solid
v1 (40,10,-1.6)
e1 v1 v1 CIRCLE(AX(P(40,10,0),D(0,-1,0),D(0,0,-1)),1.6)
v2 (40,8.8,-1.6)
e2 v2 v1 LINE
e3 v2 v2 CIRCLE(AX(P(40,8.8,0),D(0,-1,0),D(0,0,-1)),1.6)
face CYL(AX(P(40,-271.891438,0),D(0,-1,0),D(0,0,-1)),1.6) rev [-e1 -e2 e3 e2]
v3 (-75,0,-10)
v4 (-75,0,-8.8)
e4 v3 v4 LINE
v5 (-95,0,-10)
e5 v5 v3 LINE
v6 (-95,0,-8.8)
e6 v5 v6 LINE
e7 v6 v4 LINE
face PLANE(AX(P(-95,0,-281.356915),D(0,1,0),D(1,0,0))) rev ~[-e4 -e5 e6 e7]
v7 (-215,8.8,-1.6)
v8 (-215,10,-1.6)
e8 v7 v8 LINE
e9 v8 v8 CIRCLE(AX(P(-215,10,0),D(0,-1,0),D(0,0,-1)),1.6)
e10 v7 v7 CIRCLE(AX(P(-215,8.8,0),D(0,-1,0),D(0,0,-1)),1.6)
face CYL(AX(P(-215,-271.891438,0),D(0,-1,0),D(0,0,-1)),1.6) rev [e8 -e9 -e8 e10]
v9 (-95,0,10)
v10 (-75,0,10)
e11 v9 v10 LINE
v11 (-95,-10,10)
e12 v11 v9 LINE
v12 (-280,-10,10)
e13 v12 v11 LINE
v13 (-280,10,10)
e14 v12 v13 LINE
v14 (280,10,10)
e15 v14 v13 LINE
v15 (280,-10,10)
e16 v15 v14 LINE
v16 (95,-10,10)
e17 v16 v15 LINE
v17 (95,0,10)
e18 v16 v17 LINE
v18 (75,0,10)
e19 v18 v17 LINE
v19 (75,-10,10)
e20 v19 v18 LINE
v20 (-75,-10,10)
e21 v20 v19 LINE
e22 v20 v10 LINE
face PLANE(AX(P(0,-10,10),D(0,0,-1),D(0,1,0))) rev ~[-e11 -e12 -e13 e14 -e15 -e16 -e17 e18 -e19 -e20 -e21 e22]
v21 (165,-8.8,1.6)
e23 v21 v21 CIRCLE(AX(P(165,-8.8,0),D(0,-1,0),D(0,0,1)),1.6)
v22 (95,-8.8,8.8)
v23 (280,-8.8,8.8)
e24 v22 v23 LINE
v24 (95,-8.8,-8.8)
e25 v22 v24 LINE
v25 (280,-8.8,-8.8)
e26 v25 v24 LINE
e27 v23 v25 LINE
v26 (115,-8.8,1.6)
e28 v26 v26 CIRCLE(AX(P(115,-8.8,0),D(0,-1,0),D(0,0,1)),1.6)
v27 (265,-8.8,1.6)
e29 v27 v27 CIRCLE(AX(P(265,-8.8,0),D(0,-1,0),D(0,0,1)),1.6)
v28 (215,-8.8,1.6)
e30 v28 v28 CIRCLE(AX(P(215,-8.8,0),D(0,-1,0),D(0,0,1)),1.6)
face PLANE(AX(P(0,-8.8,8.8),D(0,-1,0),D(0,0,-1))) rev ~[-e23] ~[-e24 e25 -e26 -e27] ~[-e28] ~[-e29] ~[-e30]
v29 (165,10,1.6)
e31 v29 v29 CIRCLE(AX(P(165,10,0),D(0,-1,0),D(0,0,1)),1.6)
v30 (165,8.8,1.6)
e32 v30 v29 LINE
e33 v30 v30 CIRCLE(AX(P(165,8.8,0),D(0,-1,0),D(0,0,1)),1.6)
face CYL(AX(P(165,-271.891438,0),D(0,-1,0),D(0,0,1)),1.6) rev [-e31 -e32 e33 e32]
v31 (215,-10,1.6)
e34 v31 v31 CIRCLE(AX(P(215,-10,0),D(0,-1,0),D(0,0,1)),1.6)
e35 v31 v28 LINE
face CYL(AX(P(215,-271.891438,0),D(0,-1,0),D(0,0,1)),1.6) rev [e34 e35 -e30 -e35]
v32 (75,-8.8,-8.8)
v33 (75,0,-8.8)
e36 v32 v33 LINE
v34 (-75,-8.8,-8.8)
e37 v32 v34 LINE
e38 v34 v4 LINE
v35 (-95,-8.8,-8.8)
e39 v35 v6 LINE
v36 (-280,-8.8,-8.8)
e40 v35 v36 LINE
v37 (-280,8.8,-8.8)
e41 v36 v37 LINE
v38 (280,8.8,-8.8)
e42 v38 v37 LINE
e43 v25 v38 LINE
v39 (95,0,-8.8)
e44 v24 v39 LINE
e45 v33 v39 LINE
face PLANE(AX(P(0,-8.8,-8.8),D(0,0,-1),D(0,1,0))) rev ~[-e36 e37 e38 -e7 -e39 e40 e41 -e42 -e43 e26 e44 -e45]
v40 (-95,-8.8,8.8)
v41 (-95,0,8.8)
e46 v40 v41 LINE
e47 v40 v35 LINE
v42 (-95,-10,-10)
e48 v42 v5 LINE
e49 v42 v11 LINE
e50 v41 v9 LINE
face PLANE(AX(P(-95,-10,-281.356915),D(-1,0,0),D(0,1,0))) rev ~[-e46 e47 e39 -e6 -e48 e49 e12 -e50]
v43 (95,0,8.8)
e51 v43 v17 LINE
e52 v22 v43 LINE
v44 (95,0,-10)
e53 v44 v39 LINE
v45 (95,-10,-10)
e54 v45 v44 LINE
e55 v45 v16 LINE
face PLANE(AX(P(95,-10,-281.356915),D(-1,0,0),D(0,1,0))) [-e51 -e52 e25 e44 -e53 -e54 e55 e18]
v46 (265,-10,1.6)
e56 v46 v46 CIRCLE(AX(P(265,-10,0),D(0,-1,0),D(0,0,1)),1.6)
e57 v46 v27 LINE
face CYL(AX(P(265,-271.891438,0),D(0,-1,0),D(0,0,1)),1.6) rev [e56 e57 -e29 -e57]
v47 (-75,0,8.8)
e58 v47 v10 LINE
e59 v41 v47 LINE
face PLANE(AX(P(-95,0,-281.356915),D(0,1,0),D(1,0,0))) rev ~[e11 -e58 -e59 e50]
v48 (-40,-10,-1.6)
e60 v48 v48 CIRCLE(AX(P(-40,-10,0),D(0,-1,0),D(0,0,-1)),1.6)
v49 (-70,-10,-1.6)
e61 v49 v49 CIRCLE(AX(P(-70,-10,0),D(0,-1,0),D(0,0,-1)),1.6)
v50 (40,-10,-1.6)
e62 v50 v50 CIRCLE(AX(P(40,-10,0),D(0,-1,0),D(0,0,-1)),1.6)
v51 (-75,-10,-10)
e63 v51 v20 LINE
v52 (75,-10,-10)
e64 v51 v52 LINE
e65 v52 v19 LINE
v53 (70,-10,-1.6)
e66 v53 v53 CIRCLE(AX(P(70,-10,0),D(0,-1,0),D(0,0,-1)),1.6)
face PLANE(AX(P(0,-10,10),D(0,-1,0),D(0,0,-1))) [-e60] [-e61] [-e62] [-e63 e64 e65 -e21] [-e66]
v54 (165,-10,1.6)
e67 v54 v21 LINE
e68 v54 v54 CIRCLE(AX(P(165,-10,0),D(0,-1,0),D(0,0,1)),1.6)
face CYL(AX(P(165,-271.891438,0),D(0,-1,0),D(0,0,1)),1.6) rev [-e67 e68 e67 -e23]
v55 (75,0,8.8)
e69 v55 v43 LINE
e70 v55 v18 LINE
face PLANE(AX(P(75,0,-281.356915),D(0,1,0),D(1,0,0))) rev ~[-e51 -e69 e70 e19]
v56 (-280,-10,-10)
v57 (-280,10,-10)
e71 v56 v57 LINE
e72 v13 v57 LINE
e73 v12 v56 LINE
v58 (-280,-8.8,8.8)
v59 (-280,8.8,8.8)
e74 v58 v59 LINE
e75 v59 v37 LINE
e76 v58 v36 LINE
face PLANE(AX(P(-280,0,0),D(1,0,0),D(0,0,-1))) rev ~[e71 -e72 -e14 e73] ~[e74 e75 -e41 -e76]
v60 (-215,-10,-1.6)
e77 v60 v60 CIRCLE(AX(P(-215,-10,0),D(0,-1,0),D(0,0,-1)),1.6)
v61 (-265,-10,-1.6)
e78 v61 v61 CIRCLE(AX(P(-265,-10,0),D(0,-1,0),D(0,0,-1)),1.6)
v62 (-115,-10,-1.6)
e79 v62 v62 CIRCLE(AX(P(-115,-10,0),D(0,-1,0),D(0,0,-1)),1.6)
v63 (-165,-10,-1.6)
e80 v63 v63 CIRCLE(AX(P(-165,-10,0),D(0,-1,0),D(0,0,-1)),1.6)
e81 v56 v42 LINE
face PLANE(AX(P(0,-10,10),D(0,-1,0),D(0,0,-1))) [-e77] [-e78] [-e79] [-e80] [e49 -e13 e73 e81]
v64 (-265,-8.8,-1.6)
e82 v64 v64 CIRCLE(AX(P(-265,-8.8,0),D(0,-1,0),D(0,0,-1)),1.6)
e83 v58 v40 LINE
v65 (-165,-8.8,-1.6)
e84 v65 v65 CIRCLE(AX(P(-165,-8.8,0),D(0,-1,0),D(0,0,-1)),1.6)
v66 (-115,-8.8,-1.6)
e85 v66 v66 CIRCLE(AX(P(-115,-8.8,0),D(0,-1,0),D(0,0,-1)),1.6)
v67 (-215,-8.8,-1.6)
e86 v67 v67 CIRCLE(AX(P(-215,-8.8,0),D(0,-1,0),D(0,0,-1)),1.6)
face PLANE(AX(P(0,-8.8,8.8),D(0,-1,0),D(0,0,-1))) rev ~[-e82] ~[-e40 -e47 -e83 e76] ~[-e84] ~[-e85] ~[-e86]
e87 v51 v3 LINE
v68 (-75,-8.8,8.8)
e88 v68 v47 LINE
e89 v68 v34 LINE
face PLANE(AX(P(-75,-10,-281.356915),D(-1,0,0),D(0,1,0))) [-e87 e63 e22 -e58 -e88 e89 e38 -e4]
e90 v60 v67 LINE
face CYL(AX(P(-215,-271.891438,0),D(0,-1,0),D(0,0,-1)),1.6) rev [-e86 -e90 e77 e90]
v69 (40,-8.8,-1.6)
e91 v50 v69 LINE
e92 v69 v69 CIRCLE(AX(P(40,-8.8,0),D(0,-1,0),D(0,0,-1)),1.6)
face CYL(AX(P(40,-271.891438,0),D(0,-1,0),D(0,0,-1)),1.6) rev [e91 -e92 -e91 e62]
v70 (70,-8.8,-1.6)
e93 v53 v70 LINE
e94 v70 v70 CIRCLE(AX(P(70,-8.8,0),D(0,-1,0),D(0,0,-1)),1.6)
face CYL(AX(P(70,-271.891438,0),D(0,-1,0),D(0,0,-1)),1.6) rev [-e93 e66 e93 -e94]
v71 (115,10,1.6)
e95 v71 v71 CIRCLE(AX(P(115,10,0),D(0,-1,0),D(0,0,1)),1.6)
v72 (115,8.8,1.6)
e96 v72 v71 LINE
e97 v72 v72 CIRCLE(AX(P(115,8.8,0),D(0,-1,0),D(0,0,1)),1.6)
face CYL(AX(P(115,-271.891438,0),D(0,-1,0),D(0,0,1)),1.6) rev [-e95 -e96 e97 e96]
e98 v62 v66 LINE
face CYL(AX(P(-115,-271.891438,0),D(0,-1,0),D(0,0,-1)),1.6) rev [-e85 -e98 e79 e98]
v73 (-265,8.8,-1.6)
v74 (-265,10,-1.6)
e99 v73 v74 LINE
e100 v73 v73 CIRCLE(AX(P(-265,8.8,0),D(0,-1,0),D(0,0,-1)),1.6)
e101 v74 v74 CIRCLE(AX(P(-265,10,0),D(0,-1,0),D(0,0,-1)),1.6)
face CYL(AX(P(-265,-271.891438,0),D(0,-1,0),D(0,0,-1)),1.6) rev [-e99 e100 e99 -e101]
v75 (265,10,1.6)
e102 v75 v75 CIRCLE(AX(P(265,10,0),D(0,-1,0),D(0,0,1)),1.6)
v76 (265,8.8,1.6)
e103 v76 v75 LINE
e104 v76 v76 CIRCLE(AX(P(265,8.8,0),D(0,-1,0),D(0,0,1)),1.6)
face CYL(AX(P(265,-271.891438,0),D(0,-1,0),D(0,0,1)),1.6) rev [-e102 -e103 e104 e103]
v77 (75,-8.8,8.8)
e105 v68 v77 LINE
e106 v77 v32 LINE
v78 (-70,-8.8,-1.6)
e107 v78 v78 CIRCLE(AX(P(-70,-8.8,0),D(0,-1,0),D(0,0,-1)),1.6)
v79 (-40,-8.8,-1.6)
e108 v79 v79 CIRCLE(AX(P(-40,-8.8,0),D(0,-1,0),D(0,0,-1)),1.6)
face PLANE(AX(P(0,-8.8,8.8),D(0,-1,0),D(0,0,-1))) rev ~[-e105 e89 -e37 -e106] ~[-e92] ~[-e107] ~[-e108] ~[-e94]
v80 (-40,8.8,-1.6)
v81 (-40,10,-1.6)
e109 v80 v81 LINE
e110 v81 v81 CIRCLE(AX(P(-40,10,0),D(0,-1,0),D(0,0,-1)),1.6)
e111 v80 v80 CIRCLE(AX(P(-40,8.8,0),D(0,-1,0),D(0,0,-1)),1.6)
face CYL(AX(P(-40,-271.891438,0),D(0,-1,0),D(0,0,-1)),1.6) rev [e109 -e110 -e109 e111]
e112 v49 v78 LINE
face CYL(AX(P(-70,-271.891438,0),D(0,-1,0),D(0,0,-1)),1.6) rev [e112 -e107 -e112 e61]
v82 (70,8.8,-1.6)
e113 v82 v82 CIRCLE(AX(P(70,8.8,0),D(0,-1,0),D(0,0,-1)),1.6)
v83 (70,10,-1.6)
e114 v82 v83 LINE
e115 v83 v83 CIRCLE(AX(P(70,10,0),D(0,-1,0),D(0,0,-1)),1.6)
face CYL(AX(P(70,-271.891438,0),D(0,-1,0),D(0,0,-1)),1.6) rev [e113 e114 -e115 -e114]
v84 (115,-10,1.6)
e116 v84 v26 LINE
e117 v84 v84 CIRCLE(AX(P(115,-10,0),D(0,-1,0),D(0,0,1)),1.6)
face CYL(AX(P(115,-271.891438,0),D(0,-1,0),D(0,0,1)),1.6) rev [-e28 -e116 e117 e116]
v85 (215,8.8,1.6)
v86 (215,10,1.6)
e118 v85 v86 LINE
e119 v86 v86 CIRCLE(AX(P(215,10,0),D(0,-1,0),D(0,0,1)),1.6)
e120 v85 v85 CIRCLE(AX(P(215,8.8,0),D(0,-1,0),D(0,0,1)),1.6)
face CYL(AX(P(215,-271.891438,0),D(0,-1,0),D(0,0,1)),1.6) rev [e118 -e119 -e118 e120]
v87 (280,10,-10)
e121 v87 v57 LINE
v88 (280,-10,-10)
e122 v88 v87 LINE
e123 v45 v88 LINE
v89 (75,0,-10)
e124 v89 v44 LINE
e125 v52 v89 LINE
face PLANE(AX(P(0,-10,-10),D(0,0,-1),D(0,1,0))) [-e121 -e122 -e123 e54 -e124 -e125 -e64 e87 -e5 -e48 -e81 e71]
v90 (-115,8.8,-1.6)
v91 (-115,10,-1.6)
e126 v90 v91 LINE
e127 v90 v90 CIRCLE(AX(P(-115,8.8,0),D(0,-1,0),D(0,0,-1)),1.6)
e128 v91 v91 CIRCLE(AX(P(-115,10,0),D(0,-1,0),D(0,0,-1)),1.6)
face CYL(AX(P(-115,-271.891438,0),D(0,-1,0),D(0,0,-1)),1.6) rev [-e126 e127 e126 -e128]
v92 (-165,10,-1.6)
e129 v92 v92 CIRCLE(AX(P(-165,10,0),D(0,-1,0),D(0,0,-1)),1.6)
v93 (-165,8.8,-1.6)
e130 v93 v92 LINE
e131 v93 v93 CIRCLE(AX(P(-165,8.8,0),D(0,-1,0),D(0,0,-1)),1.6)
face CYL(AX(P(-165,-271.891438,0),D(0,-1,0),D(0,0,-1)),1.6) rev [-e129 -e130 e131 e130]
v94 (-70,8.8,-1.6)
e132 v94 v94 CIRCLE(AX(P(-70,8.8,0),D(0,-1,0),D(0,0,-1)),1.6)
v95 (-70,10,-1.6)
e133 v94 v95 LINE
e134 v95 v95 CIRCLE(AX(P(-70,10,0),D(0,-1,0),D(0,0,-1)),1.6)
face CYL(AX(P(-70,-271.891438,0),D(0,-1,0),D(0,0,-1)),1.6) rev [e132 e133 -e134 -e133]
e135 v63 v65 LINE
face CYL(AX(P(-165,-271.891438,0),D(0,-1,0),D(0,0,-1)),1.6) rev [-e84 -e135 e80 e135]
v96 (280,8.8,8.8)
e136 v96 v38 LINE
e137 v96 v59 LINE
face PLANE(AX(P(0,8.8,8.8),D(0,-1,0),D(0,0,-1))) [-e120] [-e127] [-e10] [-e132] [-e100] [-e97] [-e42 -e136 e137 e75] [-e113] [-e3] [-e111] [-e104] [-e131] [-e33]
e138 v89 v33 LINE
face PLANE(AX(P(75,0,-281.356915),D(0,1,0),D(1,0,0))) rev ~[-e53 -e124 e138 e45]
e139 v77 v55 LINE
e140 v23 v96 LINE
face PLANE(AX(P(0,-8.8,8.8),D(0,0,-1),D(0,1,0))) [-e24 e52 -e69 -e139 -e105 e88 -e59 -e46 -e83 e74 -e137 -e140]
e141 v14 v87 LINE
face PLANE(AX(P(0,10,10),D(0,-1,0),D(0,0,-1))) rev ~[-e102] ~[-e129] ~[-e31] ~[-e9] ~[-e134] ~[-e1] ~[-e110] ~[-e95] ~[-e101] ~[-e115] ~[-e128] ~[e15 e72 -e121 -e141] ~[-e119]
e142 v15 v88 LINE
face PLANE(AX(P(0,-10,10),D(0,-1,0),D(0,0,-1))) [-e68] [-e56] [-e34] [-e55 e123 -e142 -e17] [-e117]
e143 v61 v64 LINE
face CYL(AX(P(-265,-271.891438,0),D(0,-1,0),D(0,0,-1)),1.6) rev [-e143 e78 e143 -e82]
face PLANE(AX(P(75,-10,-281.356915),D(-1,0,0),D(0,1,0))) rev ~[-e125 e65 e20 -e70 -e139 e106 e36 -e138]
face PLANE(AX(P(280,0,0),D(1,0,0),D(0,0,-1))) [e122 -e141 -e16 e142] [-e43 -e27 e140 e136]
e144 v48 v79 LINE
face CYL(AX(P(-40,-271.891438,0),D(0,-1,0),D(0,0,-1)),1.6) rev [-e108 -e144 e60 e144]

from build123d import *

# Parameters (mm, degrees)
SKETCH_1_W               = 20
SKETCH_1_H               = 20
SKETCH_1_W_2             = 17.6
SKETCH_1_H_2             = 17.6
EXTRUDE_2_DEPTH          = 280
CUT_EXTRUDE_2_DEPTH      = 281.356915378
CUT_EXTRUDE_2_DEPTH_BACK = 281.356915378
SKETCH_4_W               = 20
SKETCH_4_H               = 10
CUT_EXTRUDE_3_DEPTH      = 281.891438104
CUT_EXTRUDE_3_DEPTH_BACK = 281.891438104
SKETCH_5_R               = 1.6


with BuildPart() as part:
    # 草图1 → 凸台-拉伸2 (new, symmetric)
    with BuildSketch(Plane(origin=(0, 0, 0), x_dir=(0, 0, -1), z_dir=(1, 0, 0))):
        Rectangle(SKETCH_1_W, SKETCH_1_H)
        Rectangle(SKETCH_1_W_2, SKETCH_1_H_2, mode=Mode.SUBTRACT)
    extrude(amount=EXTRUDE_2_DEPTH, both=True)

    # 草图4 → 切除-拉伸2 (cut, two sides: drawn at the far end of the back side and taken through both)
    with BuildSketch(Plane.XY.offset(-CUT_EXTRUDE_2_DEPTH_BACK)):
        with Locations((85, -5)):
            Rectangle(SKETCH_4_W, SKETCH_4_H)
        with Locations((-85, -5)):
            Rectangle(SKETCH_4_W, SKETCH_4_H)
    extrude(amount=CUT_EXTRUDE_2_DEPTH + CUT_EXTRUDE_2_DEPTH_BACK, mode=Mode.SUBTRACT)

    # 草图5 → 切除-拉伸3 (cut, two sides: drawn at the far end of the back side and taken through both)
    with BuildSketch(Plane(origin=(0, 10, 0), x_dir=(1, 0, 0), z_dir=(0, 1, 0)).offset(-CUT_EXTRUDE_3_DEPTH_BACK)):
        with Locations(Location((115, 0, 0), (0, 0, 270))):
            Circle(SKETCH_5_R)
        with Locations(Location((165, 0, 0), (0, 0, 270))):
            Circle(SKETCH_5_R)
        with Locations(Location((265, 0, 0), (0, 0, 270))):
            Circle(SKETCH_5_R)
        with Locations(Location((215, 0, 0), (0, 0, 270))):
            Circle(SKETCH_5_R)
        with Locations(Location((-215, 0, 0), (0, 0, 90))):
            Circle(SKETCH_5_R)
        with Locations(Location((-265, 0, 0), (0, 0, 90))):
            Circle(SKETCH_5_R)
        with Locations(Location((-165, 0, 0), (0, 0, 90))):
            Circle(SKETCH_5_R)
        with Locations(Location((-115, 0, 0), (0, 0, 90))):
            Circle(SKETCH_5_R)
        with Locations(Location((70, 0, 0), (0, 0, 90))):
            Circle(SKETCH_5_R)
        with Locations(Location((-70, 0, 0), (0, 0, 90))):
            Circle(SKETCH_5_R)
        with Locations(Location((40, 0, 0), (0, 0, 90))):
            Circle(SKETCH_5_R)
        with Locations(Location((-40, 0, 0), (0, 0, 90))):
            Circle(SKETCH_5_R)
    extrude(amount=CUT_EXTRUDE_3_DEPTH + CUT_EXTRUDE_3_DEPTH_BACK, mode=Mode.SUBTRACT)


solid = part.part
